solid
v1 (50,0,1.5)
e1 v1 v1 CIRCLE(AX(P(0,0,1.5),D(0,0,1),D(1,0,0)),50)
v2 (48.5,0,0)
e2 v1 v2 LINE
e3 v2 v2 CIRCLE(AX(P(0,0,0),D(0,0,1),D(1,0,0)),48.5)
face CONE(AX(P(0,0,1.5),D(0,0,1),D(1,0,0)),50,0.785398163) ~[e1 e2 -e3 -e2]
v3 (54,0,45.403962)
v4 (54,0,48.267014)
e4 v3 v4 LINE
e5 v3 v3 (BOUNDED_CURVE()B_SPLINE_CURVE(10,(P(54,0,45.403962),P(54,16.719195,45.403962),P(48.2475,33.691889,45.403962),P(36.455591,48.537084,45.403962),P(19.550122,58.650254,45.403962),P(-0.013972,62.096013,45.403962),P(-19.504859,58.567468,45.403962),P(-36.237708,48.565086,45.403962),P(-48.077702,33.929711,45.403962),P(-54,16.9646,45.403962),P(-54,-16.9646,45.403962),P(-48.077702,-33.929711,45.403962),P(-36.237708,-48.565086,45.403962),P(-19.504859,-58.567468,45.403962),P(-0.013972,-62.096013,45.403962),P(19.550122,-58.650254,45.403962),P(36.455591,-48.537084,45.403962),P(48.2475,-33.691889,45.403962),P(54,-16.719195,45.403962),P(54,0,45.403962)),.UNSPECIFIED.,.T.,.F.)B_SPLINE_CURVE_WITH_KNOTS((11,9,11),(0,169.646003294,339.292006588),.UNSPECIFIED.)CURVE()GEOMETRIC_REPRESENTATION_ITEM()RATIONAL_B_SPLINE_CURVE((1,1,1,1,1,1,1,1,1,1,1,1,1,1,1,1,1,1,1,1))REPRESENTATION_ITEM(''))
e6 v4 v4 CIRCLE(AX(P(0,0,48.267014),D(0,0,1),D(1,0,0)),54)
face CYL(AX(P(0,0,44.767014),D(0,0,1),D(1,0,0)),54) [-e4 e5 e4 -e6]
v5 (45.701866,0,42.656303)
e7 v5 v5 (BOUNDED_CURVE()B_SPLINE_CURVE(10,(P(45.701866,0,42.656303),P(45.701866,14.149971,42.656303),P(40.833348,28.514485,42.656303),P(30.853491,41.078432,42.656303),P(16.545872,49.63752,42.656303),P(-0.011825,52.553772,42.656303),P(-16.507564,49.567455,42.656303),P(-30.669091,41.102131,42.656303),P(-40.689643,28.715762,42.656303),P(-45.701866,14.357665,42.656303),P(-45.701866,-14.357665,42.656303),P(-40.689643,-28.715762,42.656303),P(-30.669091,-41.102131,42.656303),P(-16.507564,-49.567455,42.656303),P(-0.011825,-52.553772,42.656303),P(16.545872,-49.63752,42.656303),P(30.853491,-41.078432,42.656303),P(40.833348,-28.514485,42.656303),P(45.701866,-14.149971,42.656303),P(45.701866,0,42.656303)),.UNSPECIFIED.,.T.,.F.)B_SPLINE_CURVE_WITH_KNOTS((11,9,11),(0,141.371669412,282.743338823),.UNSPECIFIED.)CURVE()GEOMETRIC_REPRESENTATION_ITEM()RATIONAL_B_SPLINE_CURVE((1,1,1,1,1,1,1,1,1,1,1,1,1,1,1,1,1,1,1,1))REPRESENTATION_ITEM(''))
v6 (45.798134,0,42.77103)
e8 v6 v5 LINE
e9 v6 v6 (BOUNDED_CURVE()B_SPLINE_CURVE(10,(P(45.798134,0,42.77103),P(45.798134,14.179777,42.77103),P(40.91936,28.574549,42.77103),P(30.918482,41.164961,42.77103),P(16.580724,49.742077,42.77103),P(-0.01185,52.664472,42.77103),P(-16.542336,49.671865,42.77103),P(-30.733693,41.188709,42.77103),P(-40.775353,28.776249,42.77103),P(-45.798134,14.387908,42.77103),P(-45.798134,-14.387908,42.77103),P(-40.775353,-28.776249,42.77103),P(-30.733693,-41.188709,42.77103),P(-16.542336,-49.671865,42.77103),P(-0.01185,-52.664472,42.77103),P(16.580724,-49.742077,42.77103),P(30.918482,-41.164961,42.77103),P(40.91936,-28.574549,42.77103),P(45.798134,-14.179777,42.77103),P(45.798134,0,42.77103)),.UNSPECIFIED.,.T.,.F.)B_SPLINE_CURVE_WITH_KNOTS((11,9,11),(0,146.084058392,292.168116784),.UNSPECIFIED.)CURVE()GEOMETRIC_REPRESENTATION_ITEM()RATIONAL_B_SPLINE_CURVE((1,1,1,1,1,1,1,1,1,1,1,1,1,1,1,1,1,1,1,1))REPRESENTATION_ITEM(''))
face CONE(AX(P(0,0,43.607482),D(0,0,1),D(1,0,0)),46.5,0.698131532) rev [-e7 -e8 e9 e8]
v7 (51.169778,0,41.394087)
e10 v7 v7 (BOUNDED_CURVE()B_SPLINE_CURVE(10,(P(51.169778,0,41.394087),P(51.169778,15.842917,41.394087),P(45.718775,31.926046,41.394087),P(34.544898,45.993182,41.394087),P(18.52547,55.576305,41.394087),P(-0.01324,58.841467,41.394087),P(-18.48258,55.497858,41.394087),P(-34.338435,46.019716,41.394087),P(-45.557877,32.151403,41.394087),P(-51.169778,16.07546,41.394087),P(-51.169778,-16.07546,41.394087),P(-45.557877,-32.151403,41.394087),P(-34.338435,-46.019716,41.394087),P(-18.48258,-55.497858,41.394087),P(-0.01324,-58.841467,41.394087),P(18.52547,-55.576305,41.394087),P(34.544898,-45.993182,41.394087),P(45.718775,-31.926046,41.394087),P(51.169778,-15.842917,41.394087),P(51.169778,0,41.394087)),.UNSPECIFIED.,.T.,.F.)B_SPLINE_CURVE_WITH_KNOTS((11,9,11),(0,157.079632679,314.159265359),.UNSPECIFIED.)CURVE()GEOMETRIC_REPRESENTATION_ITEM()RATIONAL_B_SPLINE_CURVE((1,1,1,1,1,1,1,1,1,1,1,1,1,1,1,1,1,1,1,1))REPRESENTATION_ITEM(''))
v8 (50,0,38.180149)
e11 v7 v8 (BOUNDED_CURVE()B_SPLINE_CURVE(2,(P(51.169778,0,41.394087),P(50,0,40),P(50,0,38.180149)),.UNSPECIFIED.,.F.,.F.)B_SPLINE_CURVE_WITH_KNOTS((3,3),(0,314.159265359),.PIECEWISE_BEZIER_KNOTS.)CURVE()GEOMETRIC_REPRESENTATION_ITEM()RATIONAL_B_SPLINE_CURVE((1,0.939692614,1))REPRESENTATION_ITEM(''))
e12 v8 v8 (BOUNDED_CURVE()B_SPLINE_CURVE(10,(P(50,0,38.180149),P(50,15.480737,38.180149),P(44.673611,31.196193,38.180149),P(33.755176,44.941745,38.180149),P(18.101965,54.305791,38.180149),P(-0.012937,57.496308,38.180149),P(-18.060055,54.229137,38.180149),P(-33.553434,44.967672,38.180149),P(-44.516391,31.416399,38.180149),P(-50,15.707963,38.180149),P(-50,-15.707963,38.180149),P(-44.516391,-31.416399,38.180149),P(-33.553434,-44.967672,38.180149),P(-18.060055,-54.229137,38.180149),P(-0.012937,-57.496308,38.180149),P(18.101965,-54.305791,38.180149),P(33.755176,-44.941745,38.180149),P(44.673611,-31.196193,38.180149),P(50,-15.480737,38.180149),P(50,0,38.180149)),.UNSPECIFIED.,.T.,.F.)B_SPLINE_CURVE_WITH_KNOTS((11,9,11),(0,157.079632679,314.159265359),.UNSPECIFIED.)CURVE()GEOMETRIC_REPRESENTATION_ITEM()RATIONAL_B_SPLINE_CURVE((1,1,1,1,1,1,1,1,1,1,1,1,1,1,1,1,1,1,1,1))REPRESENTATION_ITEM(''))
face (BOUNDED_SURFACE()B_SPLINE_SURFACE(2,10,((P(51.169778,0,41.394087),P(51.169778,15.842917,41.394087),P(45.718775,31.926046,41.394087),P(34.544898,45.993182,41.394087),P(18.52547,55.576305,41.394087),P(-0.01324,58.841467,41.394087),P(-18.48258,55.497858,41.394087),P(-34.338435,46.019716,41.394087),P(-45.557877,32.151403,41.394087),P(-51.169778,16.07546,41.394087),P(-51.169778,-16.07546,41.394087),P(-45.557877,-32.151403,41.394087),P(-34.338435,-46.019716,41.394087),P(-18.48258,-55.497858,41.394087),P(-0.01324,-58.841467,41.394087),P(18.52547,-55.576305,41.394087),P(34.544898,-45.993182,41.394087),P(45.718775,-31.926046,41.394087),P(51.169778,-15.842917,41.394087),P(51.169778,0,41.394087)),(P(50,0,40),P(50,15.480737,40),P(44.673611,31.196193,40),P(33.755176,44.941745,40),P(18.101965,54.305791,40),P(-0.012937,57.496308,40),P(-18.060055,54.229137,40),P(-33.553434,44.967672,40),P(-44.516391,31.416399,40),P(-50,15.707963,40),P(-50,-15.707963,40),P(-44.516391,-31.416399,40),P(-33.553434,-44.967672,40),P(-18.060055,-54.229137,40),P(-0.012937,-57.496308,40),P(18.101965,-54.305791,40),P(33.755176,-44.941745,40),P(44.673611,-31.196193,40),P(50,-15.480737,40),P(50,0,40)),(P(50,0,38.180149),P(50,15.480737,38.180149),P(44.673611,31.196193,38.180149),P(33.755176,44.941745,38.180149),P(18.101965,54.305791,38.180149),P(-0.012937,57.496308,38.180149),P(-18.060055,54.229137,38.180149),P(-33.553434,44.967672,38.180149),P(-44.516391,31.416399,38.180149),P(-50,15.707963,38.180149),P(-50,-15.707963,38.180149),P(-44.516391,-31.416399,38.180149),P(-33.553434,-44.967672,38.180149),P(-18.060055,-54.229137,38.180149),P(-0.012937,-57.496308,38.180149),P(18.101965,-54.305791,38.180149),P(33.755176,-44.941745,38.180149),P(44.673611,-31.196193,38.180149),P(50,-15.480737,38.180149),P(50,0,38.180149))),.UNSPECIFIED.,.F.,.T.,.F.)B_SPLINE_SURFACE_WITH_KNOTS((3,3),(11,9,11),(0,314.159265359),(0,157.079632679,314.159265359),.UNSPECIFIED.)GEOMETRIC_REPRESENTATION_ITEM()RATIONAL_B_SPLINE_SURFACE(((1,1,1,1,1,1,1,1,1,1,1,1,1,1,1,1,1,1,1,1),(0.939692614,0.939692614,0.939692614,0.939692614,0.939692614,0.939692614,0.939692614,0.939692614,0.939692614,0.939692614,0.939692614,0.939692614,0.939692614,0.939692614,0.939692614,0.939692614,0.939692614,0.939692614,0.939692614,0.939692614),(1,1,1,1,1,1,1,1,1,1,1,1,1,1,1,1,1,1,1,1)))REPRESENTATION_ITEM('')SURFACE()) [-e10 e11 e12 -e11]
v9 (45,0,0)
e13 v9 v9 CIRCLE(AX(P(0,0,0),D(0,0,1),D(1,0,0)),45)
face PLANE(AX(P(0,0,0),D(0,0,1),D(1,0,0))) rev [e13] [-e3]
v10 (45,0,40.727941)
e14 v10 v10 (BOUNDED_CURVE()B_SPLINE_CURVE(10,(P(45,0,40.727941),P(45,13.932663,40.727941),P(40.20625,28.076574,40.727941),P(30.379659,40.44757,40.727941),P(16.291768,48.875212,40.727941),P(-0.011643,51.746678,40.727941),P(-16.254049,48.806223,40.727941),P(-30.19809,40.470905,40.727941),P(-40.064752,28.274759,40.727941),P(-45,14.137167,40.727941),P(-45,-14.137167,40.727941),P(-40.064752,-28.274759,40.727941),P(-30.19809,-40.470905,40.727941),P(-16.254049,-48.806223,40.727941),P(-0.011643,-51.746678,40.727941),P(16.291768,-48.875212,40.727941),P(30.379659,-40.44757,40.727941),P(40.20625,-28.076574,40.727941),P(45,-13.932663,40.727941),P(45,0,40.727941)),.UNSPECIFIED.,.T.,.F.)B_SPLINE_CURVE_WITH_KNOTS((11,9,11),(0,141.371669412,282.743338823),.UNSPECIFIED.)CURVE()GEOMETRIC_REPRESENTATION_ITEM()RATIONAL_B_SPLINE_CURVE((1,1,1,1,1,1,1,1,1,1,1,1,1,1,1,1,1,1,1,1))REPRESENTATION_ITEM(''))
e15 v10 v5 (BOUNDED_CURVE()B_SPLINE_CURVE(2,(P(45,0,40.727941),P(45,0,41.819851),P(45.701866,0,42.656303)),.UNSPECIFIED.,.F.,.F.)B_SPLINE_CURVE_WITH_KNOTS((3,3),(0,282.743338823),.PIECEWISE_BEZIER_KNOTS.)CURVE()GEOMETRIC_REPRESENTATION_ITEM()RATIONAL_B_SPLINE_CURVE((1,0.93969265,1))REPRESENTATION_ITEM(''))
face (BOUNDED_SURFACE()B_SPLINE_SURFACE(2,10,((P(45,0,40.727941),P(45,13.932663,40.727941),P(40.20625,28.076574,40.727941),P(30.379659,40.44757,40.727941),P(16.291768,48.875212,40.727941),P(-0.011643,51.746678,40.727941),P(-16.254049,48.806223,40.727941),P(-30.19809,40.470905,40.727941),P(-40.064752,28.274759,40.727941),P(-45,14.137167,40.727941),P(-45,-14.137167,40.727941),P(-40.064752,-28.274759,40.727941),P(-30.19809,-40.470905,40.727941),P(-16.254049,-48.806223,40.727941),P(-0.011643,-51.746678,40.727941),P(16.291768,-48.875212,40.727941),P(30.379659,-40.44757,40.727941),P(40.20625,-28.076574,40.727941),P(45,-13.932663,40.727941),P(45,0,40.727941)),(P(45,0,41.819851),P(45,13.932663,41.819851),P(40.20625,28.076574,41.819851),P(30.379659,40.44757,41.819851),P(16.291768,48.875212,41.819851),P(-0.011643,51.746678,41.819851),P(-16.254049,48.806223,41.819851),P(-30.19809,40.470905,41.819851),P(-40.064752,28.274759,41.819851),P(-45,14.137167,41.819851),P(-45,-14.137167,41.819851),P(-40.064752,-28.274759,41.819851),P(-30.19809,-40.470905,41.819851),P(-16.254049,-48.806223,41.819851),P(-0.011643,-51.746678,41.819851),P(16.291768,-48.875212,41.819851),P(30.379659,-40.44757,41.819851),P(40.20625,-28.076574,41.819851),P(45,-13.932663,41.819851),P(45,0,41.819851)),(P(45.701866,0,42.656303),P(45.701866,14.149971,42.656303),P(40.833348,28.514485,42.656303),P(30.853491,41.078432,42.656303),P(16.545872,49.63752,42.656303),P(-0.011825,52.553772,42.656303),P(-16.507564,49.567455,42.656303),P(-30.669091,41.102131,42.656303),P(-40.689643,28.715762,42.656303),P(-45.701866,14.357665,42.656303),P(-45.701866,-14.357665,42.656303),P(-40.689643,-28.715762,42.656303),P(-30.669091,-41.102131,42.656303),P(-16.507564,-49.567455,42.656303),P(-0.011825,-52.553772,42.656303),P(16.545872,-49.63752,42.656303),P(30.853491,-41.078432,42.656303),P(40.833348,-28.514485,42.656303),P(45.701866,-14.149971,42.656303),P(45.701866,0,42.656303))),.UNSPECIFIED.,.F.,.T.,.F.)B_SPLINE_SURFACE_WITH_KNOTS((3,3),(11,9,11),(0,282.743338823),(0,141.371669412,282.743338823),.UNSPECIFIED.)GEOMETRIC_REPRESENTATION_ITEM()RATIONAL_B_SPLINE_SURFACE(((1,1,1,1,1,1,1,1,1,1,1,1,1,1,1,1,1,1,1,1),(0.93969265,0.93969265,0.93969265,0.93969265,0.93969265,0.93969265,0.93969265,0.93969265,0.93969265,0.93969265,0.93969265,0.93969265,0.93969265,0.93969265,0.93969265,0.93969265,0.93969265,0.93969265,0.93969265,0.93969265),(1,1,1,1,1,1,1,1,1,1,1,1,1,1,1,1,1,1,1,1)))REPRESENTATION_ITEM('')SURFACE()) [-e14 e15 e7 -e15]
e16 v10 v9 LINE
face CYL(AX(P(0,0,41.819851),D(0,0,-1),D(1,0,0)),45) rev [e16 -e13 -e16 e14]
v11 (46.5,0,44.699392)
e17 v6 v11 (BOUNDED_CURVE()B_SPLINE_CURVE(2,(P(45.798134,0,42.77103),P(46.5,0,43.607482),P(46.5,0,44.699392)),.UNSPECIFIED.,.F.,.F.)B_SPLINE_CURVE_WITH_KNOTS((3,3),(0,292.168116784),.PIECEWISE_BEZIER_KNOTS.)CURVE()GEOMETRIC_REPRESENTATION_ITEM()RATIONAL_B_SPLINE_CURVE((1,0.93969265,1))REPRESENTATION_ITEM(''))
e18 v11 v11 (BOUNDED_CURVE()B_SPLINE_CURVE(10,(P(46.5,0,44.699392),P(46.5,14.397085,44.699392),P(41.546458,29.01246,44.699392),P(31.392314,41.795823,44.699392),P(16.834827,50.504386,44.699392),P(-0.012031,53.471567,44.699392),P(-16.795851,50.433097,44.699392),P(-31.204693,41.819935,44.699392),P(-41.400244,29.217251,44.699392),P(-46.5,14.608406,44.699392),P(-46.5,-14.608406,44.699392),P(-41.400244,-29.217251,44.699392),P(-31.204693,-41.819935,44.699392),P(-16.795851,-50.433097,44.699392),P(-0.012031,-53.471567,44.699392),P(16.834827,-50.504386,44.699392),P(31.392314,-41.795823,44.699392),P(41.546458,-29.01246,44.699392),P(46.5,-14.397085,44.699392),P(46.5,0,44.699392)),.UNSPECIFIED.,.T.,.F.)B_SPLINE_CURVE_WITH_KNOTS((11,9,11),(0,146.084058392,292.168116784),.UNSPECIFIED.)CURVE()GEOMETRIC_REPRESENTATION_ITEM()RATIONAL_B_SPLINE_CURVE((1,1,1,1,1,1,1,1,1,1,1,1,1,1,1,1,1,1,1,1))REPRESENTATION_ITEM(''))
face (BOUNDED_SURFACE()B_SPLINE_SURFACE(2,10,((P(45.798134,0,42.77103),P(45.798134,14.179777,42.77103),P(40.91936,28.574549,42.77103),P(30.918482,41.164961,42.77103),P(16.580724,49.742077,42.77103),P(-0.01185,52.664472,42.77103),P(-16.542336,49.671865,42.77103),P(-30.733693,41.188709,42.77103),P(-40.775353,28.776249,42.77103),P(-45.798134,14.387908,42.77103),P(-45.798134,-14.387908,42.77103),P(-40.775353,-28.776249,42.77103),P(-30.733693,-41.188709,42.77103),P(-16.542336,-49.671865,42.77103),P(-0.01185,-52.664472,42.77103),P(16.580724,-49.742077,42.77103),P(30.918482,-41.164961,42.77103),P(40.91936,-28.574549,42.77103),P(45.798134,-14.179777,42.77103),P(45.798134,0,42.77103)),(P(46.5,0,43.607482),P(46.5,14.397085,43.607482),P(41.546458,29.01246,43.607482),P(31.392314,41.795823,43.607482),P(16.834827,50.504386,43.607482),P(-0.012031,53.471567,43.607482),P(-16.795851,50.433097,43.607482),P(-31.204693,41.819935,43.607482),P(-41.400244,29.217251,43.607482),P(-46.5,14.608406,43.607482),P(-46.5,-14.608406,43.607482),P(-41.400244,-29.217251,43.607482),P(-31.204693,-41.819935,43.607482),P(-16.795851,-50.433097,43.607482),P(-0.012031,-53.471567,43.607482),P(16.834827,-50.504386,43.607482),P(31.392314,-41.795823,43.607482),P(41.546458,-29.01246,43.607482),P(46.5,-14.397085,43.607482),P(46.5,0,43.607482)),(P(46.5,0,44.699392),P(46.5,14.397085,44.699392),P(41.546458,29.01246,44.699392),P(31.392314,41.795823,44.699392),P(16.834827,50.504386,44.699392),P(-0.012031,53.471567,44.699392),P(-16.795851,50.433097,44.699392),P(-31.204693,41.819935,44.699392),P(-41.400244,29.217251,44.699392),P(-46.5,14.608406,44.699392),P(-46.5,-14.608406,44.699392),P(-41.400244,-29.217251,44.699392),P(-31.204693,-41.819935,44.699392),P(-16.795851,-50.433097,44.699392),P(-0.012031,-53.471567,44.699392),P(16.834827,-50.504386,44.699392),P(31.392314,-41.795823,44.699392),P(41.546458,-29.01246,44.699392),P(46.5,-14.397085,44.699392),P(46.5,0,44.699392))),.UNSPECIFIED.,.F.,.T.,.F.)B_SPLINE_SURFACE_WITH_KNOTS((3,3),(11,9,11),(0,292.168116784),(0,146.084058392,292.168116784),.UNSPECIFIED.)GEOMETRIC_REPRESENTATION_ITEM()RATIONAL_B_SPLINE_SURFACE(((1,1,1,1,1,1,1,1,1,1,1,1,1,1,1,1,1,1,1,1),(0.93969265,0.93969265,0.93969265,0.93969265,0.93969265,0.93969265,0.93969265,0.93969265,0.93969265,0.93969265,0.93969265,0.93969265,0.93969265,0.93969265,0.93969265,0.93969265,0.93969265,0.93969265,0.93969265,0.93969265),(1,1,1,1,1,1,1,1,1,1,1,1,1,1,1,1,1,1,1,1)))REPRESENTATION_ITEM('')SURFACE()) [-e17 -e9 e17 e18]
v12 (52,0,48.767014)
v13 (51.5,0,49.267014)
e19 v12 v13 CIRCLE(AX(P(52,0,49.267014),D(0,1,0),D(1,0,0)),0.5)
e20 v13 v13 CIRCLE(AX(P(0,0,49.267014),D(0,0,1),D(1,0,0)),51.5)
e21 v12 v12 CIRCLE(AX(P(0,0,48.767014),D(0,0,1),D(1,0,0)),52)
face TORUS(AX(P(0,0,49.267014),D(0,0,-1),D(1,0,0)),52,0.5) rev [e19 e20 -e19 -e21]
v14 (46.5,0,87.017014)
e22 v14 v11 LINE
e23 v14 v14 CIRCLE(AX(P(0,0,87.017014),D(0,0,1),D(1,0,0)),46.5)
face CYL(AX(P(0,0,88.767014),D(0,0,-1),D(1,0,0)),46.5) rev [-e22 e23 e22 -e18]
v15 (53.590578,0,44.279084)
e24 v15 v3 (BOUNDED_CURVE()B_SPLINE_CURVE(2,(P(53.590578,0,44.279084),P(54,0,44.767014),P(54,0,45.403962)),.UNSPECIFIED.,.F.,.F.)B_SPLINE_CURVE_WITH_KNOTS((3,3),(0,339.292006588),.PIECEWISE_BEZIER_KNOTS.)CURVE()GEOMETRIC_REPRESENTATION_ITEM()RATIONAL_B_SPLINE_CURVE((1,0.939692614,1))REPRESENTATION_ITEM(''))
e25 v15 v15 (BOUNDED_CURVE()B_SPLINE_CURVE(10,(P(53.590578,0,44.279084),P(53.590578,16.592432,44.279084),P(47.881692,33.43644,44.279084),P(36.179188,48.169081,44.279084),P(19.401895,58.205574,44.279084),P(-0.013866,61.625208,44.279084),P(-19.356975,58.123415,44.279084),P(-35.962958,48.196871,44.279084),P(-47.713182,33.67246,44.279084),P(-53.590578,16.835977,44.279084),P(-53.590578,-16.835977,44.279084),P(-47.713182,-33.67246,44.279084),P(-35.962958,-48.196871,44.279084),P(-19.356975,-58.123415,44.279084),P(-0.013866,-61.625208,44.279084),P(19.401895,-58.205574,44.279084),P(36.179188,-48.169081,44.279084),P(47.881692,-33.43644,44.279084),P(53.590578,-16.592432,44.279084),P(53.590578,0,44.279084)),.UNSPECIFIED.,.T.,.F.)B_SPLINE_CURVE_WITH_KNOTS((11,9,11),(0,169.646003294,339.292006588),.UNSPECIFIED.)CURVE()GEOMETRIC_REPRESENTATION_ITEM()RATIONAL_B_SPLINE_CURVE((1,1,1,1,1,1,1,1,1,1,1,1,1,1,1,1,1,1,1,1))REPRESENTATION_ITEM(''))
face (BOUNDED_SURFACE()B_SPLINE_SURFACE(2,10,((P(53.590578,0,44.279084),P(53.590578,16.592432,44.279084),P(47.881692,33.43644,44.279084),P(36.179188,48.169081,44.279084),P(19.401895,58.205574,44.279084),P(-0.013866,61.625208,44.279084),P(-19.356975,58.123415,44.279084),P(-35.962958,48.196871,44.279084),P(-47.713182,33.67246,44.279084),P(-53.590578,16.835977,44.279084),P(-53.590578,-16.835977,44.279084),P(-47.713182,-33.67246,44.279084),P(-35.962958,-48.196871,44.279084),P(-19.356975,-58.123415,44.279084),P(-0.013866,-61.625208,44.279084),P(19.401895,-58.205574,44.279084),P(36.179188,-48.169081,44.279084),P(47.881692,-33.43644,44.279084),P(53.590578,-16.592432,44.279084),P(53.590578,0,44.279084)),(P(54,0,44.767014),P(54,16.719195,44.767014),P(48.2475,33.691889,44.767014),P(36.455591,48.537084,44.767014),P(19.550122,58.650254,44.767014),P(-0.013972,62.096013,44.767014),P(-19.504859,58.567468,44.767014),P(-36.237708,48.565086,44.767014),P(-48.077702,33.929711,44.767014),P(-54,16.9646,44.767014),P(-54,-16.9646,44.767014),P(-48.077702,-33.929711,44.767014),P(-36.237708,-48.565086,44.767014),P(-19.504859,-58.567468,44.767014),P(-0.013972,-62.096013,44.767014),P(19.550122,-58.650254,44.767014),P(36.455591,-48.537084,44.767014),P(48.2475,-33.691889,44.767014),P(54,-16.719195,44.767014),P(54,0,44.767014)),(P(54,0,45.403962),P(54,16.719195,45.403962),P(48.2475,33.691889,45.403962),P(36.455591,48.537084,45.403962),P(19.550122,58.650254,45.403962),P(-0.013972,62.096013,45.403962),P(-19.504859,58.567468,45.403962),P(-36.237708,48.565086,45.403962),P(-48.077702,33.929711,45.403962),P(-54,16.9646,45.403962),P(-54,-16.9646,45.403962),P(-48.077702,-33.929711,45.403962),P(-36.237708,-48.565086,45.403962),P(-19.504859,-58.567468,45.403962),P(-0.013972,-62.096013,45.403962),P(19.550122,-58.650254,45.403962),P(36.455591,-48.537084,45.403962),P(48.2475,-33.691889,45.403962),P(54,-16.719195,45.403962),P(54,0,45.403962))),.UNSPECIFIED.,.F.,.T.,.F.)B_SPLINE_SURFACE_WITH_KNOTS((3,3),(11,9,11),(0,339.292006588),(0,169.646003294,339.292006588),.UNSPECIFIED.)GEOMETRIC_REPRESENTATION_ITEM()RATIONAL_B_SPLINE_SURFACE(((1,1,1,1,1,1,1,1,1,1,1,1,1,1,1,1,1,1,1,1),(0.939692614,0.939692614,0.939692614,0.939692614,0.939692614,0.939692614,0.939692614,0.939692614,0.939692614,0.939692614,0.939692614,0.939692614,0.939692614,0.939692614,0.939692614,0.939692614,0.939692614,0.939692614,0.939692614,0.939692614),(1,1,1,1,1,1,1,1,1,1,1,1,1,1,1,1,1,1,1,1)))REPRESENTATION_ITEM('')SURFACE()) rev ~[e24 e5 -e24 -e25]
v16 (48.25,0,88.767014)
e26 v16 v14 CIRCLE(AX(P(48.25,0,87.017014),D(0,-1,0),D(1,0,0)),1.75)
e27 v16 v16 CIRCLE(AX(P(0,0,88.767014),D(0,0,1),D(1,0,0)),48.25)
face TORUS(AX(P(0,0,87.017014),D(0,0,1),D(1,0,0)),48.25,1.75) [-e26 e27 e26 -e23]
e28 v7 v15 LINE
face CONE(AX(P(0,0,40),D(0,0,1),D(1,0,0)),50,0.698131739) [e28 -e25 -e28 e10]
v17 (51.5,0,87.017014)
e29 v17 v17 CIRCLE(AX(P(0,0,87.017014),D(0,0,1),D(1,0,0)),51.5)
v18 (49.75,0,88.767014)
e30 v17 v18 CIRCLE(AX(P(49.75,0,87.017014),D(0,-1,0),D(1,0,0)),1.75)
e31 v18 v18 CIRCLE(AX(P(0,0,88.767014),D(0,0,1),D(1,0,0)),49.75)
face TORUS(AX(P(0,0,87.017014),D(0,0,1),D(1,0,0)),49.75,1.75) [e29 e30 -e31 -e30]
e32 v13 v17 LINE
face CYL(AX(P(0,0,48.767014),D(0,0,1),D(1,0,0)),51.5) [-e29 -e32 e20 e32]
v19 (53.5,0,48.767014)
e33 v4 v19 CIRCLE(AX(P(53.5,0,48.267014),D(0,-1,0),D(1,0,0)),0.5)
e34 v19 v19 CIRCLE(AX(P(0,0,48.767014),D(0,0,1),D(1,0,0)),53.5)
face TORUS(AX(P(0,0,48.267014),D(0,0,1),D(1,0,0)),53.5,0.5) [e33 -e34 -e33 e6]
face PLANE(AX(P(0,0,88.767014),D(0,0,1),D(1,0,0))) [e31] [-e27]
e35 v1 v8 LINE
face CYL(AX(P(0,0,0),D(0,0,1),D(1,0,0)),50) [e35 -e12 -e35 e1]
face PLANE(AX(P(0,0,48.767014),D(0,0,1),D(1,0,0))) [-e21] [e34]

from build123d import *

# Parameters (mm, degrees)
F2_R    = 1.75
F3_R    = 0.5
F4_R    = 5
F5_SIZE = 1.5
F6_R    = 3


with BuildPart() as f1:
    # F0 (on Front) → F1 (revolve)
    with BuildSketch(Plane.XZ):
        Polygon((45, 0), (50, 0), (50, 40), (54, 44.767014), (54, 48.767014), (51.5, 48.767014), (51.5, 88.767014), (46.5, 88.767014), (46.5, 43.607482), (45, 41.819851), align=None)
    revolve(axis=Axis((0, 0, 46.684548), (0, 0, 1)))

    # F2
    f2_edges = [f1.edges().sort_by_distance(p)[0] for p in [
        (-51.5, 0, 88.767014),
        (-46.5, 0, 88.767014),
        (-54, 0, 44.767014),
    ]]
    fillet(f2_edges, radius=F2_R)

    # F3
    f3_edges = [f1.edges().sort_by_distance(p)[0] for p in [
        (-54, 0, 48.767014),
        (-51.5, 0, 48.767014),
    ]]
    fillet(f3_edges, radius=F3_R)

    # F4
    f4_edges = [f1.edges().sort_by_distance(p)[0] for p in [
        (-50, 0, 40),
    ]]
    fillet(f4_edges, radius=F4_R)

    # F5
    f5_edges = [f1.edges().sort_by_distance(p)[0] for p in [
        (-50, 0, 0),
    ]]
    chamfer(f5_edges, length=F5_SIZE)

    # F6
    f6_edges = [f1.edges().sort_by_distance(p)[0] for p in [
        (-46.5, 0, 43.607482),
        (-45, 0, 41.819851),
    ]]
    fillet(f6_edges, radius=F6_R)


solid = f1.part
